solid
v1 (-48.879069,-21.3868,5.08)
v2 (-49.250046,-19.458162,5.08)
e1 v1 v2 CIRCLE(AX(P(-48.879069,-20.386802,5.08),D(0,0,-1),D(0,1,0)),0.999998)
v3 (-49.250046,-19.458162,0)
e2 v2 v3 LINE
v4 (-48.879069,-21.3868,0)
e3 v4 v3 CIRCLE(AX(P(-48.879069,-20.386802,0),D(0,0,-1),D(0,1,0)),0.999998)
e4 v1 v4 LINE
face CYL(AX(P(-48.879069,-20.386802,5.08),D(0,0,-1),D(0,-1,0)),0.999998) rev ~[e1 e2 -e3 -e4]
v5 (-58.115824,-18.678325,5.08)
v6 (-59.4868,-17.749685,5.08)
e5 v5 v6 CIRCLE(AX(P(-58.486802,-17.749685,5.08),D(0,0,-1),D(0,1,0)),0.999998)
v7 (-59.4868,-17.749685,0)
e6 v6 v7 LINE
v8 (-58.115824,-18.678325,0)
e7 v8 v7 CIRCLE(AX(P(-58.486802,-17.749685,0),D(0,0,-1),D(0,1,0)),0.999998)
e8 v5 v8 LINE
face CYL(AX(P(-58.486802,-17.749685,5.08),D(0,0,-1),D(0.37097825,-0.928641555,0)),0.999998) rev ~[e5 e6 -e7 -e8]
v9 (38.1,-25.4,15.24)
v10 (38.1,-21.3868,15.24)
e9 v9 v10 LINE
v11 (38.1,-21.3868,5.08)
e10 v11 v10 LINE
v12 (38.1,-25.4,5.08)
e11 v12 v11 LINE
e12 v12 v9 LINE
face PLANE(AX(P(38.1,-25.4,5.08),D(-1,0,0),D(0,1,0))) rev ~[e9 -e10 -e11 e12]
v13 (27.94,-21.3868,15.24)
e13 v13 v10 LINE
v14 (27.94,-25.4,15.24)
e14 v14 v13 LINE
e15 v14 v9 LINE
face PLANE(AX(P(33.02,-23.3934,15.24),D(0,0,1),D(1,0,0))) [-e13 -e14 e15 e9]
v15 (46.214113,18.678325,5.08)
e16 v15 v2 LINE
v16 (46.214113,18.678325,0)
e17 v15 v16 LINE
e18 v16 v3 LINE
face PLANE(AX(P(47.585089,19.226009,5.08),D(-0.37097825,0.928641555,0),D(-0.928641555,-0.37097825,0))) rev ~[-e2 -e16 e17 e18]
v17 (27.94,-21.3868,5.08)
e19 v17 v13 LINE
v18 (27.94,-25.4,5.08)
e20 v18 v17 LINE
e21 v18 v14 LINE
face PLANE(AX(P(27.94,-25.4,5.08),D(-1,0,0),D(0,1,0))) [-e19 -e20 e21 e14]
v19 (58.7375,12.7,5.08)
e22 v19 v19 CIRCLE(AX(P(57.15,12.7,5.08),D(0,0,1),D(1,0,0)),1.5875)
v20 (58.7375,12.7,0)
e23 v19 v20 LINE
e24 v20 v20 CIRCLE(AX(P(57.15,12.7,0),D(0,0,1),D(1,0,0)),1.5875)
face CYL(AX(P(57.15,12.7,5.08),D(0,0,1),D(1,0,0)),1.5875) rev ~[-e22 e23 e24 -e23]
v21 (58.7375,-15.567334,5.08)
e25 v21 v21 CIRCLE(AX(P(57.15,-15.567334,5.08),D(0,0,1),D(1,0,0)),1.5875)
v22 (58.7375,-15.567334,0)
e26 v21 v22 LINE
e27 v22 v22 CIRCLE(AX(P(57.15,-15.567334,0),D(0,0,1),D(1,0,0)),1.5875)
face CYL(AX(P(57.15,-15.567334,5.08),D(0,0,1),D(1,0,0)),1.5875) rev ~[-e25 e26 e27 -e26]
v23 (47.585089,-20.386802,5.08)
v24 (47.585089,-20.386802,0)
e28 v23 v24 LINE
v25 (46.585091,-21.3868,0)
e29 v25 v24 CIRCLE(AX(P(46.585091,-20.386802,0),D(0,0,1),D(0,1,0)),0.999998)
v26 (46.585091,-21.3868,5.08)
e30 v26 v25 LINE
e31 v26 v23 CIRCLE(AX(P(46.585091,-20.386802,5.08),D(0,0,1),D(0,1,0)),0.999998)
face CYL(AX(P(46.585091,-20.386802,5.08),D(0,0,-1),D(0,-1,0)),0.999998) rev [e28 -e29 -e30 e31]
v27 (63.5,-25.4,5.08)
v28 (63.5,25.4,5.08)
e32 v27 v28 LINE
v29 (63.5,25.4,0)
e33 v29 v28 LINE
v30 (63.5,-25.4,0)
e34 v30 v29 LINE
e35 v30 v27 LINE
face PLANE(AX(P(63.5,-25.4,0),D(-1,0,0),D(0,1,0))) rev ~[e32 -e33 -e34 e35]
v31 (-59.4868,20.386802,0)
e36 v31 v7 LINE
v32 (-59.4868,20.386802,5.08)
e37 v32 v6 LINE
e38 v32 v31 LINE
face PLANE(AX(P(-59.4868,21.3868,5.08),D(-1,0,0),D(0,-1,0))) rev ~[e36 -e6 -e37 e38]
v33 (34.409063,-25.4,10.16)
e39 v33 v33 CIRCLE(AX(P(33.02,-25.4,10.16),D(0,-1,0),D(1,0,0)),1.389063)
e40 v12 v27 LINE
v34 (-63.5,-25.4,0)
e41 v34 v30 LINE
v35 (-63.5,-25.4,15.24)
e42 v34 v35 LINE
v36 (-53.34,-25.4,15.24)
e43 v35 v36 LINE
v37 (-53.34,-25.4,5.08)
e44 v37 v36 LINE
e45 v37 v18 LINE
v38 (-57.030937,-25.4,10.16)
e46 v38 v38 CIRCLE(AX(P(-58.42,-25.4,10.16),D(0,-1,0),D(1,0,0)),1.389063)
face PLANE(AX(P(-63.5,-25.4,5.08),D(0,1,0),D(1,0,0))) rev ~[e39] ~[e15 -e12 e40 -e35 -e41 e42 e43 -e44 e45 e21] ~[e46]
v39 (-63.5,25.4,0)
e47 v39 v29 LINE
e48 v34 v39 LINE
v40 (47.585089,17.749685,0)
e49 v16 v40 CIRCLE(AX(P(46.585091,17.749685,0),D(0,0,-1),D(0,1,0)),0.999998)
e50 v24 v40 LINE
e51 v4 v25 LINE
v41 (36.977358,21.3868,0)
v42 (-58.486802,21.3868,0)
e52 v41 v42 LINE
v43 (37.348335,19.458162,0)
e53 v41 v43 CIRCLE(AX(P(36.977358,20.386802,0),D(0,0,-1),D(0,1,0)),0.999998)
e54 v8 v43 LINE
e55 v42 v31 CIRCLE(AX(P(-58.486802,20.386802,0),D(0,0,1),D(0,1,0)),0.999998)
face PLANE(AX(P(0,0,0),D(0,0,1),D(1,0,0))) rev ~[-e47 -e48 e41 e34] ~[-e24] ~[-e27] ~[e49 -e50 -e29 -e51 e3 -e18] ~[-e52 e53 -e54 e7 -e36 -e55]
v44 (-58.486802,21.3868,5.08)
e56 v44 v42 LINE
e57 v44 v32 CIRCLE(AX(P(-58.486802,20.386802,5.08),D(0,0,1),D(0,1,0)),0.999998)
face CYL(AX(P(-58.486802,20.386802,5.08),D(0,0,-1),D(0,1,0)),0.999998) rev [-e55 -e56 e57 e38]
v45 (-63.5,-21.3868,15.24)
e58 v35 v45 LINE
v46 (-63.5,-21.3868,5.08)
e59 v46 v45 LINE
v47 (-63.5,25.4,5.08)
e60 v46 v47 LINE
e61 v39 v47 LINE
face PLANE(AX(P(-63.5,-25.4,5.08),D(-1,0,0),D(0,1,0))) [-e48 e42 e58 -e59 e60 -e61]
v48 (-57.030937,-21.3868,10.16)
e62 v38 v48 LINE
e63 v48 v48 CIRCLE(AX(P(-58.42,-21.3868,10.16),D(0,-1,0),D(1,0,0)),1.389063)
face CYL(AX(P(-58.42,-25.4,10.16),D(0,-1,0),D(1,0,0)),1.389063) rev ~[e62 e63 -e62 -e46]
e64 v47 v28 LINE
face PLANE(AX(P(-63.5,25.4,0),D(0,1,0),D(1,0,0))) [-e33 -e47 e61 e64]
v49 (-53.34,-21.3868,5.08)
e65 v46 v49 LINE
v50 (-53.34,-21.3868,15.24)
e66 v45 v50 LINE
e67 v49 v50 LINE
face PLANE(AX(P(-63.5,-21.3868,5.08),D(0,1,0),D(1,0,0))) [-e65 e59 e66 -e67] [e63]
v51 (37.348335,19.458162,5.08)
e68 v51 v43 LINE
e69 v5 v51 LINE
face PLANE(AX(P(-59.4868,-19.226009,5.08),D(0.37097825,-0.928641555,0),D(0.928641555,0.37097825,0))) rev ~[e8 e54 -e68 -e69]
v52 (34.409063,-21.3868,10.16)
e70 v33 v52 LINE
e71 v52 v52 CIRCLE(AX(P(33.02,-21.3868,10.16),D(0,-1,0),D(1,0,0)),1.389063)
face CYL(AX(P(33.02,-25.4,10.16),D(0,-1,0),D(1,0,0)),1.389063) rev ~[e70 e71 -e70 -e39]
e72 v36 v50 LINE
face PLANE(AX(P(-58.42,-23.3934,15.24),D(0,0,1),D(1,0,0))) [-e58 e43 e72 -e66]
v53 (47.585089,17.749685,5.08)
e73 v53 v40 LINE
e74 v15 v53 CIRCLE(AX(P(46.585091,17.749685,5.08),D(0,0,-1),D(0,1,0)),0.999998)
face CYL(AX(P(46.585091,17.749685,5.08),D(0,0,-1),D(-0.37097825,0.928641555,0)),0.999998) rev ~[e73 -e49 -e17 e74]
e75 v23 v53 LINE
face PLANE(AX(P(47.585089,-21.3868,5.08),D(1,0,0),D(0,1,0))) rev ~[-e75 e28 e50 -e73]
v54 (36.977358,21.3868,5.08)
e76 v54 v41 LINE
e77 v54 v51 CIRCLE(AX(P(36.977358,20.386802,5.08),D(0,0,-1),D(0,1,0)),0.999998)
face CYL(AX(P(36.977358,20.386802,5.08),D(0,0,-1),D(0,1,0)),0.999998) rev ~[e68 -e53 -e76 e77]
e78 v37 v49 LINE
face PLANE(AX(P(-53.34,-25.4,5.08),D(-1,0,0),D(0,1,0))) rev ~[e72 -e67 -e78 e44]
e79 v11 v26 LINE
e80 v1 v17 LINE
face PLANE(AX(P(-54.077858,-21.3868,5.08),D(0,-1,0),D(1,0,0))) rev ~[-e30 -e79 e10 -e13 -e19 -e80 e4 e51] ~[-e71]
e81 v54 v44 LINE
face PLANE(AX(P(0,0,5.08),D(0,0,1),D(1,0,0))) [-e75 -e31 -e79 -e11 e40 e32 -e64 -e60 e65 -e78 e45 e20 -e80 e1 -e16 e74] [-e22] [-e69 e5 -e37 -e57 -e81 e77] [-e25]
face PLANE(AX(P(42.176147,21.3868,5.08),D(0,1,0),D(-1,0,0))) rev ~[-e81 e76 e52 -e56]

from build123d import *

# Parameters (mm, degrees)
SKETCH_W     = 127
SKETCH_H     = 50.8
PAD_DEPTH    = 5.08
SKETCH001_R  = 1.5875
POCKET_DEPTH = 5.081
FILLET_R     = 0.999998
FILLET001_R  = 0.999998
FILLET002_R  = 0.999998
SKETCH002_W  = 10.16
SKETCH002_H  = 4.0132
PAD001_DEPTH = 10.16
SKETCH003_R  = 1.389063
HOLE_DEPTH   = 50.801


with BuildPart() as part:
    # Sketch → Pad (new body)
    with BuildSketch(Plane.XY):
        Rectangle(SKETCH_W, SKETCH_H)
    extrude(amount=PAD_DEPTH)

    # Sketch001 (on Face6 of Pad) → Pocket (cut, through all)
    with BuildSketch(Plane.XY.offset(5.08)):
        with Locations((57.15, 12.7)):
            Circle(SKETCH001_R)
        with Locations((57.15, -15.567334)):
            Circle(SKETCH001_R)
        Polygon((-54.077858, -21.3868), (47.585089, -21.3868), (47.585089, 19.226009), align=None)
        Polygon((42.176147, 21.3868), (-59.4868, 21.3868), (-59.4868, -19.226009), align=None)
    extrude(amount=-POCKET_DEPTH, mode=Mode.SUBTRACT)

    # Fillet
    fillet_edges = [part.edges().sort_by_distance(p)[0] for p in [
        (-59.4868, 21.3868, 2.54),
        (47.585089, -21.3868, 2.54),
    ]]
    fillet(fillet_edges, radius=FILLET_R)

    # Fillet001
    fillet001_edges = [part.edges().sort_by_distance(p)[0] for p in [
        (-54.077858, -21.3868, 2.54),
        (42.176147, 21.3868, 2.54),
    ]]
    fillet(fillet001_edges, radius=FILLET001_R)

    # Fillet002
    fillet002_edges = [part.edges().sort_by_distance(p)[0] for p in [
        (47.585089, 19.226009, 2.54),
        (-59.4868, -19.226009, 2.54),
    ]]
    fillet(fillet002_edges, radius=FILLET002_R)

    # Sketch002 (on Face20 of Fillet002) → Pad001 (join)
    with BuildSketch(Plane.XY.offset(5.08)):
        with Locations((-58.42, -23.3934)):
            Rectangle(SKETCH002_W, SKETCH002_H)
        with Locations((33.02, -23.3934)):
            Rectangle(SKETCH002_W, SKETCH002_H)
    extrude(amount=PAD001_DEPTH)

    # Sketch003 (on Face22 of Pad001) → Hole (cut, through all)
    with BuildSketch(Plane.XZ.offset(25.4)):
        with Locations((-58.42, 10.16)):
            Circle(SKETCH003_R)
        with Locations((33.02, 10.16)):
            Circle(SKETCH003_R)
    extrude(amount=-HOLE_DEPTH, mode=Mode.SUBTRACT)


solid = part.part
